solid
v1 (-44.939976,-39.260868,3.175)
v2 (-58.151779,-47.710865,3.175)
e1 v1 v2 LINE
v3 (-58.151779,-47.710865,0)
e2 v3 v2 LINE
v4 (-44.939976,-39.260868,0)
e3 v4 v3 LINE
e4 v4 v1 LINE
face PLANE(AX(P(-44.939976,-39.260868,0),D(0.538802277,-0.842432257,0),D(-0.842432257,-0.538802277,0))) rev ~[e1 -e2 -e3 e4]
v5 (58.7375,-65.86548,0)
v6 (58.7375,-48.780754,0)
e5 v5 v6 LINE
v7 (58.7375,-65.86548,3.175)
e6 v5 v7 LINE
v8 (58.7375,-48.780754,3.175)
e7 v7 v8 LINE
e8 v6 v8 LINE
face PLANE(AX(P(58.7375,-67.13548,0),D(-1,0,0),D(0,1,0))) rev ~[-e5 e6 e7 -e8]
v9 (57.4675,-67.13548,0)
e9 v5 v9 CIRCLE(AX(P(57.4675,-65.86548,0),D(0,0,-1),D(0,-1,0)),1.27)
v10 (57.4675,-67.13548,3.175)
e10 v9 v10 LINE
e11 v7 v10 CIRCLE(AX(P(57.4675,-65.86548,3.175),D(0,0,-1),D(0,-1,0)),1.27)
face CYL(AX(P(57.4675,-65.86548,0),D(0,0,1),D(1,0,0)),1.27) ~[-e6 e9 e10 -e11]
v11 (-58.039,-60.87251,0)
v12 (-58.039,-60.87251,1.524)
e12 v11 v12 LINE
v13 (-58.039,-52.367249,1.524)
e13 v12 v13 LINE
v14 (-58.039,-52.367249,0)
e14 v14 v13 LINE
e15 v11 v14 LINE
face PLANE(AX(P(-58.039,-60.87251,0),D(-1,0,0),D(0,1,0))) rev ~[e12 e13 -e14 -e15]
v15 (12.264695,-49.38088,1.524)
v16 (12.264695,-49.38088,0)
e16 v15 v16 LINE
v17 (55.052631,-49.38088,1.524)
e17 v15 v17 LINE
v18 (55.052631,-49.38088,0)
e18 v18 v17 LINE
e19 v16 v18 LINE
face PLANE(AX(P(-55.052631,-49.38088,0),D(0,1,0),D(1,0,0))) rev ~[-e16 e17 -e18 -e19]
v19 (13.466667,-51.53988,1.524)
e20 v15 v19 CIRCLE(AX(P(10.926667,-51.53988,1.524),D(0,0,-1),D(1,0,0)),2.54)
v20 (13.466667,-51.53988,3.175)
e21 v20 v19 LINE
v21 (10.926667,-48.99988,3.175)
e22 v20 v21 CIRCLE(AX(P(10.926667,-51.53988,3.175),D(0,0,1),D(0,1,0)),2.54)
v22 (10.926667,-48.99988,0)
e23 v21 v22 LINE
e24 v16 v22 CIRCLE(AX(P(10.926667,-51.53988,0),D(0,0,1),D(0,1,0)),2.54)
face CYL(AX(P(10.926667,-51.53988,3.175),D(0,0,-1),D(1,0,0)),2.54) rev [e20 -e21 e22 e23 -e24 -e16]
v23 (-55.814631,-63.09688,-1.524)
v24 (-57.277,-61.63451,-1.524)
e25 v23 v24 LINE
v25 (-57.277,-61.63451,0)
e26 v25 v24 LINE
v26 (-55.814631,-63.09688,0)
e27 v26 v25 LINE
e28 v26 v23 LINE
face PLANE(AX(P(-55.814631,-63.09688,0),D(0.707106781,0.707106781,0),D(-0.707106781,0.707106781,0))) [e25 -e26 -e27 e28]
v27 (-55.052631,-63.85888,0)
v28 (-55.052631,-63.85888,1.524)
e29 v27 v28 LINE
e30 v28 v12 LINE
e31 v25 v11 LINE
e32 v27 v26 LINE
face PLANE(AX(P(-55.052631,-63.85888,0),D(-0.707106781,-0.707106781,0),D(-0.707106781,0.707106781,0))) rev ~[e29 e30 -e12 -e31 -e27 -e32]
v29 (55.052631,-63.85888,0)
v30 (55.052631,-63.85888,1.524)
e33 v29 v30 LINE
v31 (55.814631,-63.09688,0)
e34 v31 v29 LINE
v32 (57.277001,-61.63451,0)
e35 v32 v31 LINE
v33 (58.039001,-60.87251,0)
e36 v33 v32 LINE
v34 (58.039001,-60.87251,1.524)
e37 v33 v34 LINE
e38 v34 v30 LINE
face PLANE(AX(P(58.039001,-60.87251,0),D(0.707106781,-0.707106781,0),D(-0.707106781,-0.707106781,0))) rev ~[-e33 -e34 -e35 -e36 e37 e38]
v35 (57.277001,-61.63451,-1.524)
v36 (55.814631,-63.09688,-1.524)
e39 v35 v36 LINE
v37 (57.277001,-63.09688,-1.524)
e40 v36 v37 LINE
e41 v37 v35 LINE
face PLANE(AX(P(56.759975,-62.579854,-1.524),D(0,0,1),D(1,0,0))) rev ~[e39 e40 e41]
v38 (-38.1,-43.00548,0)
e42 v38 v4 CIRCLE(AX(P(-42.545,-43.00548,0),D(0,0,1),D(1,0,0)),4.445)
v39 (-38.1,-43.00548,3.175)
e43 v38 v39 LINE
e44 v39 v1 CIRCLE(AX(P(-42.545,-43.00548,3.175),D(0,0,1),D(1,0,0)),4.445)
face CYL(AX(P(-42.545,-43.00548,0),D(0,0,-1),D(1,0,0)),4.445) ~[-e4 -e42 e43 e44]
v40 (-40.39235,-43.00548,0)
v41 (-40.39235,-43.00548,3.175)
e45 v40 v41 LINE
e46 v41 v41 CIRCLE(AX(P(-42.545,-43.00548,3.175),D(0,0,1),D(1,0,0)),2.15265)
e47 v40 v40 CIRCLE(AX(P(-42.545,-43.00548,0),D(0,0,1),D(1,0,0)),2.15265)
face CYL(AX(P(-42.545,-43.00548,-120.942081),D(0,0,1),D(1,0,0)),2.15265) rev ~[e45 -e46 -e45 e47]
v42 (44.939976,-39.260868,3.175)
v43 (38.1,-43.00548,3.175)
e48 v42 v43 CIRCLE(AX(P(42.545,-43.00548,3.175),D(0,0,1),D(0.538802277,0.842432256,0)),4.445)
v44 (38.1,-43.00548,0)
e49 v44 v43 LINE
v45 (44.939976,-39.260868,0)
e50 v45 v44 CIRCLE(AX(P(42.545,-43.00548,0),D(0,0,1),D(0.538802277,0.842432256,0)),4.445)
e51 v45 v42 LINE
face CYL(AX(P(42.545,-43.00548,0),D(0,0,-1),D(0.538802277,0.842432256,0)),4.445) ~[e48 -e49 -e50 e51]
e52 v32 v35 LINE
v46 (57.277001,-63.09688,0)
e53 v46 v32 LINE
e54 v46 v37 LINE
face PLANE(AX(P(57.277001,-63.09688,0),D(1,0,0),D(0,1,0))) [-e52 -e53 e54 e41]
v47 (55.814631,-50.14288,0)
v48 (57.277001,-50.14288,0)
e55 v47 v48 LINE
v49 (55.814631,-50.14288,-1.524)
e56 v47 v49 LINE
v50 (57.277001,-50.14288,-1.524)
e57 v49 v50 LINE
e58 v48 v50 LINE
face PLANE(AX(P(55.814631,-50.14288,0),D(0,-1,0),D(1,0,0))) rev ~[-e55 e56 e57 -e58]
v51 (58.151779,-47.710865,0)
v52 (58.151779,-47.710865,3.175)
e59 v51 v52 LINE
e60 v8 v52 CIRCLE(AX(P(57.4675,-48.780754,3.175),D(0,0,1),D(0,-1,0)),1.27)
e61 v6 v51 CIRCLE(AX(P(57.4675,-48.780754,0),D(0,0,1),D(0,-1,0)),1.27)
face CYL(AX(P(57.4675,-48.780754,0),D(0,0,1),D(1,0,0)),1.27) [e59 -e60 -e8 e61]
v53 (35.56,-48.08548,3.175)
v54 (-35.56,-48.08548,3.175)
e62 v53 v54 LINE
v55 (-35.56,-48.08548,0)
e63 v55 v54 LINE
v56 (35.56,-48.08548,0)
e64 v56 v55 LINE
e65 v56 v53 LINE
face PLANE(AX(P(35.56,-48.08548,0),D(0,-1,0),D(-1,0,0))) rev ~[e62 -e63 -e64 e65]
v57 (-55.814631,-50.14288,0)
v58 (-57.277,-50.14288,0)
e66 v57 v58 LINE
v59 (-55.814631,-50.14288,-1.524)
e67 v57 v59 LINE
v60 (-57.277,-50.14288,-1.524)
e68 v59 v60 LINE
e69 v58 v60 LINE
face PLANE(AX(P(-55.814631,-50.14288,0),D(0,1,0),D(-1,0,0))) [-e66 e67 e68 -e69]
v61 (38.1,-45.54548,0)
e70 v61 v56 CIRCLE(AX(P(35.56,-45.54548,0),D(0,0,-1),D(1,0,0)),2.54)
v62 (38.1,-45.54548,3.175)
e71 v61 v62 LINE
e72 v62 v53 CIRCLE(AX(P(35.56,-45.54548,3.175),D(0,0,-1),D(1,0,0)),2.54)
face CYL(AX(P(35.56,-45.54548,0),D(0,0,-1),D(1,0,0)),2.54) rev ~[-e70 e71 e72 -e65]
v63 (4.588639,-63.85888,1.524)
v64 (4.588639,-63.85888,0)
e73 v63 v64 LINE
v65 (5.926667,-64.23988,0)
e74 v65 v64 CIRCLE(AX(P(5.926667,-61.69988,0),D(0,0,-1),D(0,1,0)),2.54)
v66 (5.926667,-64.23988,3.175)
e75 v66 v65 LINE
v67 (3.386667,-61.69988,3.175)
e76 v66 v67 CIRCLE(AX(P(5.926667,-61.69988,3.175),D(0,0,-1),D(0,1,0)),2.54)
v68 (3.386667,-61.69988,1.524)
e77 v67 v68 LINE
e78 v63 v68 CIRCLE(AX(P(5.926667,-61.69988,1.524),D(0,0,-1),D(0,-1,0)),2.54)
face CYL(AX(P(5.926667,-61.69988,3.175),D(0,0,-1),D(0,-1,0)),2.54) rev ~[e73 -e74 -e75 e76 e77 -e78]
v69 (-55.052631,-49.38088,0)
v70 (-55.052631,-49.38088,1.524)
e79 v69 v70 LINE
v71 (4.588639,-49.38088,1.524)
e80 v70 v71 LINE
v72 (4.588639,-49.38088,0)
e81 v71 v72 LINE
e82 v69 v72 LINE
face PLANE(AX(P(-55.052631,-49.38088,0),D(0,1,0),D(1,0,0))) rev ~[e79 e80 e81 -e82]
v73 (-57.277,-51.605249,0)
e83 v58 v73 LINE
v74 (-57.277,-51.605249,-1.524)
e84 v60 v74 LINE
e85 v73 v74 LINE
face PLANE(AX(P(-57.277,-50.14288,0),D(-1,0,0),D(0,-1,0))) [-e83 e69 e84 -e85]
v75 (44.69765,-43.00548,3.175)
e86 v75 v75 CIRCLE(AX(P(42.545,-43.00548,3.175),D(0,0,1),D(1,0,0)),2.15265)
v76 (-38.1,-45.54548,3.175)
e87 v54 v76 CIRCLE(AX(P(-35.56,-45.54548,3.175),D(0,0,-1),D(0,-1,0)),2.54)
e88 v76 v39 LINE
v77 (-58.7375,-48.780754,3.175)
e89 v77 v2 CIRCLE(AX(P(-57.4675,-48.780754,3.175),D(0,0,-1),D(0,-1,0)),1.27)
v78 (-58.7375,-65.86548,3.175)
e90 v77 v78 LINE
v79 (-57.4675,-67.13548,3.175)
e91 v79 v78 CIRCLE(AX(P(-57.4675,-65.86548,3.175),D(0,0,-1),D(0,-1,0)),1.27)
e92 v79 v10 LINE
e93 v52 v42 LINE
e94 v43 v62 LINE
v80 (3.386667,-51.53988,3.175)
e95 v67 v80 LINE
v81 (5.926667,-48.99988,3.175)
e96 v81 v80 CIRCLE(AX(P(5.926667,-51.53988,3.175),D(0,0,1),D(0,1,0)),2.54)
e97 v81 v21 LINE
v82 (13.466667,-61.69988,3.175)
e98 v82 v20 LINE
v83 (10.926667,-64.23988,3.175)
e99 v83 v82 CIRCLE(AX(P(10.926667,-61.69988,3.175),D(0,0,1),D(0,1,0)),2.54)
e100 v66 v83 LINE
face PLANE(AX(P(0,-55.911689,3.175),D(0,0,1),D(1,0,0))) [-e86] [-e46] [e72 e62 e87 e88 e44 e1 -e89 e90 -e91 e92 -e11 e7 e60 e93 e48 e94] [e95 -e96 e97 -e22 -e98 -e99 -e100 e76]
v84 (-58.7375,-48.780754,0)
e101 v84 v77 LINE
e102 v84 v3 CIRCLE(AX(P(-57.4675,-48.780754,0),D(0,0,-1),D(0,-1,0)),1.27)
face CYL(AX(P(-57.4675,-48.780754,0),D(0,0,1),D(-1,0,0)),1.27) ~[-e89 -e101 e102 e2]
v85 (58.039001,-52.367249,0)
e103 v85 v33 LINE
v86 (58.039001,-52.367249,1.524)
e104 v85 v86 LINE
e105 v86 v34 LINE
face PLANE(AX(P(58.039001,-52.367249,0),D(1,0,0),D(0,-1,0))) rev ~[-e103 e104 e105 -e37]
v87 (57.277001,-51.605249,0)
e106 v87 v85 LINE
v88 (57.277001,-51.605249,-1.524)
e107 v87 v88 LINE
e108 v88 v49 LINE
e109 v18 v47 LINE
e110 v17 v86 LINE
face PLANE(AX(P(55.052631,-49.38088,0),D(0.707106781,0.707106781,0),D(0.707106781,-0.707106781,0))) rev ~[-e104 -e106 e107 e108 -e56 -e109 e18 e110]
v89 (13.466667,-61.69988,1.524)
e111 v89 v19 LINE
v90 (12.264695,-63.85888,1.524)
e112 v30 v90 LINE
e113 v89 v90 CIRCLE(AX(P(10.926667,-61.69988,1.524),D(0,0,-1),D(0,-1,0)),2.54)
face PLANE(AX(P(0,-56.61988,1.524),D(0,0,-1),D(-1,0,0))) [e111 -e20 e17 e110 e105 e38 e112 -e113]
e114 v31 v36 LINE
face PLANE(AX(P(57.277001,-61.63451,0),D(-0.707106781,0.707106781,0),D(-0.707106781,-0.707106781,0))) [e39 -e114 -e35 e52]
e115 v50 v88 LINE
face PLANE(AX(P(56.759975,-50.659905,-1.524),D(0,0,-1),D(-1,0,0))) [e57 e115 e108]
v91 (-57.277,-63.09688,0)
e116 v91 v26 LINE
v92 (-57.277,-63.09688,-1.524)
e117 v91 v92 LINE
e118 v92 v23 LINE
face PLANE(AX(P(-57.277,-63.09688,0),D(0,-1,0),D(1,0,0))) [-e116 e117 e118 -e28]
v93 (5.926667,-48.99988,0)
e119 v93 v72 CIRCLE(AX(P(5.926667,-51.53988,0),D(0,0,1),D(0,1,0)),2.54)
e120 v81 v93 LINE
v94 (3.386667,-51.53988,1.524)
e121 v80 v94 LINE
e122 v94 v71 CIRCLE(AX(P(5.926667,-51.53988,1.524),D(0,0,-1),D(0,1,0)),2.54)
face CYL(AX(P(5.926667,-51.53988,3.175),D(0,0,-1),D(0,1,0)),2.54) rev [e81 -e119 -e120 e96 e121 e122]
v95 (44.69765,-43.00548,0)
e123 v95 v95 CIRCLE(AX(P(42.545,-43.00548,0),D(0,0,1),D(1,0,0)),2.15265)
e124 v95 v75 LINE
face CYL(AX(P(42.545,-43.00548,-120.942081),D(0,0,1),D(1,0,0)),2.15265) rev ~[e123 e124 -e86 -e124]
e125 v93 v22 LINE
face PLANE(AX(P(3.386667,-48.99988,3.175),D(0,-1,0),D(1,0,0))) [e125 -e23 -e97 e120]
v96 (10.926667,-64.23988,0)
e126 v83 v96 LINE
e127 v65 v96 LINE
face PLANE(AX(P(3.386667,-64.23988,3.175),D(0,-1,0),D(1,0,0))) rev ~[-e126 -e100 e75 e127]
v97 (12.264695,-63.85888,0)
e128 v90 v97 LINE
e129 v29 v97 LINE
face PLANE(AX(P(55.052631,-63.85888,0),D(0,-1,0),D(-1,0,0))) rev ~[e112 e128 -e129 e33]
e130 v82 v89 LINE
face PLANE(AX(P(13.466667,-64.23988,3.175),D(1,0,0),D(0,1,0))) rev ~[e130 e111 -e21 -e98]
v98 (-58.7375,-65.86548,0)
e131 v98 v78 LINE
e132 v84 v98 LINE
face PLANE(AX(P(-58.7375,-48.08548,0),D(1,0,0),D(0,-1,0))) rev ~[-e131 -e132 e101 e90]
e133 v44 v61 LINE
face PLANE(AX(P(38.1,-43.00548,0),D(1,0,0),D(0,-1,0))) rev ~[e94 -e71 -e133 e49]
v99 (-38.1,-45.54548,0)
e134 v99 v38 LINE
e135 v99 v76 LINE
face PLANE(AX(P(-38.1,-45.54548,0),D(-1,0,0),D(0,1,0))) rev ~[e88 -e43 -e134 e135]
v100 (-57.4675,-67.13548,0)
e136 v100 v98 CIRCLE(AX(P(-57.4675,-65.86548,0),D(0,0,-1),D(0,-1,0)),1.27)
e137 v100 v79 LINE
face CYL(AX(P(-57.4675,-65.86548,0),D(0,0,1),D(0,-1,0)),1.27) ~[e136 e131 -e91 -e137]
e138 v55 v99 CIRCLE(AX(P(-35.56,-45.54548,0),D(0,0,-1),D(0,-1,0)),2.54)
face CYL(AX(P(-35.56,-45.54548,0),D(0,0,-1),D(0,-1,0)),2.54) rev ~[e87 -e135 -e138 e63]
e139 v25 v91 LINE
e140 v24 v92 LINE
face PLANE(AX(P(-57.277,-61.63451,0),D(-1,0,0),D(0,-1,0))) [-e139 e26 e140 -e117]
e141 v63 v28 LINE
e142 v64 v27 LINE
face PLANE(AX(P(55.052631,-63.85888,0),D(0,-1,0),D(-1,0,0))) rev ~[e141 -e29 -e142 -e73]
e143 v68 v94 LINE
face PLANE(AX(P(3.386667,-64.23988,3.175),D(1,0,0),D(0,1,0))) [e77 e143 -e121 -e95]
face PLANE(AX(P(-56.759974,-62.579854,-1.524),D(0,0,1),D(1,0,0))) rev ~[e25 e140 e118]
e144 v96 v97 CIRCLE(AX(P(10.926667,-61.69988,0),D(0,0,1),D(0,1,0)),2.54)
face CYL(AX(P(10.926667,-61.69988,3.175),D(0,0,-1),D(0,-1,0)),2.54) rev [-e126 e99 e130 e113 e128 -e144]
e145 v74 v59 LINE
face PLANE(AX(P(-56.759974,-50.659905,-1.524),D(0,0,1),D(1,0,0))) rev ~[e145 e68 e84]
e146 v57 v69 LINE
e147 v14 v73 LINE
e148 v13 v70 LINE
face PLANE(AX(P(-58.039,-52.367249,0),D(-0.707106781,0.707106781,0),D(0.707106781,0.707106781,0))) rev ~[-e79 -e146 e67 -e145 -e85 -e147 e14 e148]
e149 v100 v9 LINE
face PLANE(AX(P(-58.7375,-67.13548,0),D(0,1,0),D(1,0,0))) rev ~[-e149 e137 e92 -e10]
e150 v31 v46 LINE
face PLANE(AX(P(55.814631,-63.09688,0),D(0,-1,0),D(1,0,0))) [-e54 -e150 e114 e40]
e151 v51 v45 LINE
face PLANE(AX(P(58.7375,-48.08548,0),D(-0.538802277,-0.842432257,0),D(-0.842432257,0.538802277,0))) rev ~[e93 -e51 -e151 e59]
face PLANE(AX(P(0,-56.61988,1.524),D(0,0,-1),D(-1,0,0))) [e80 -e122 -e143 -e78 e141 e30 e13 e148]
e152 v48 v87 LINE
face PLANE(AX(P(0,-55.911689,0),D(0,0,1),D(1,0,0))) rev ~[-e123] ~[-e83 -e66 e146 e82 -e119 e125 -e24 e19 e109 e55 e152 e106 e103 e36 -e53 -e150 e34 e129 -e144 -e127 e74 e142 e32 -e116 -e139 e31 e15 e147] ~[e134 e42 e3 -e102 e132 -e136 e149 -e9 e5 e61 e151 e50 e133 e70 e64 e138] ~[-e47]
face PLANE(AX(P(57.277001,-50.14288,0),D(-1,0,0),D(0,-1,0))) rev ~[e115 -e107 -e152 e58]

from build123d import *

# Parameters (mm, degrees)
BOSS_EXTRUDE1_DEPTH   = 3.175
F_6_CLEARANCE_HOLE1_D = 4.3053
FILLET3_R             = 1.27
SKETCH4_W             = 10.08
SKETCH4_H             = 15.24
CUT_EXTRUDE1_DEPTH    = 4.175
FILLET4_R             = 2.54
CUT_EXTRUDE2_DEPTH    = 1.524
BOSS_EXTRUDE2_DEPTH   = 1.524


with BuildPart() as part:
    # Sketch1 → Boss-Extrude1 (new body)
    with BuildSketch(Plane.XY):
        with BuildLine():
            Line((58.7375, -67.1354797), (58.7375, -48.0854797))
            Line((58.7375, -48.0854797), (44.939976119, -39.26086832))
            ThreePointArc((44.939976119, -39.26086832), (40.410479427, -39.106525106), (38.1, -43.0054797))
            Line((38.1, -43.0054797), (38.1, -45.5454797))
            ThreePointArc((38.1, -45.5454797), (37.356051224, -47.341530924), (35.56, -48.0854797))
            Line((35.56, -48.0854797), (-35.56, -48.0854797))
            ThreePointArc((-35.56, -48.0854797), (-37.356051224, -47.341530924), (-38.1, -45.5454797))
            Line((-38.1, -45.5454797), (-38.1, -43.0054797))
            ThreePointArc((-38.1, -43.0054797), (-40.410479427, -39.106525106), (-44.939976119, -39.26086832))
            Line((-44.939976119, -39.26086832), (-58.7375, -48.0854797))
            Line((-58.7375, -48.0854797), (-58.7375, -67.1354797))
            Line((-58.7375, -67.1354797), (58.7375, -67.1354797))
        make_face()
    extrude(amount=BOSS_EXTRUDE1_DEPTH)

    # #6 Clearance Hole1 (through all)
    with Locations(Plane(origin=(0, 0, 0), x_dir=(-1, 0, 0), z_dir=(0, 0, -1))):
        with Locations((42.545, -43.0054797), (-42.545, -43.0054797)):
            Hole(F_6_CLEARANCE_HOLE1_D / 2)

    # Fillet3
    fillet3_edges = [part.edges().sort_by_distance(p)[0] for p in [
        (-58.7375, -67.1354797, 1.5875),
        (-58.7375, -48.0854797, 1.5875),
        (58.7375, -48.0854797, 1.5875),
        (58.7375, -67.1354797, 1.5875),
    ]]
    fillet(fillet3_edges, radius=FILLET3_R)

    # Sketch4 → Cut-Extrude1 (cut, through all)
    with BuildSketch(Plane.XY.offset(3.175)):
        with Locations((8.426666963, -56.6198797)):
            Rectangle(SKETCH4_W, SKETCH4_H)
    extrude(amount=-CUT_EXTRUDE1_DEPTH, mode=Mode.SUBTRACT)

    # Fillet4
    fillet4_edges = [part.edges().sort_by_distance(p)[0] for p in [
        (3.386666963, -64.2398797, 1.5875),
        (3.386666963, -48.9998797, 1.5875),
        (13.466666963, -48.9998797, 1.5875),
        (13.466666963, -64.2398797, 1.5875),
    ]]
    fillet(fillet4_edges, radius=FILLET4_R)

    # Sketch7 → Cut-Extrude2 (cut)
    with BuildSketch(Plane(origin=(0, 0, 0), x_dir=(-1, 0, 0), z_dir=(0, 0, -1))):
        Polygon((58.039, -60.872510434), (58.039, -52.367248965), (55.052630735, -49.3808797), (-55.052631243, -49.3808797), (-58.039000508, -52.367248965), (-58.039000508, -60.872510434), (-55.052631243, -63.8588797), (55.052630735, -63.8588797), align=None)
    extrude(amount=-CUT_EXTRUDE2_DEPTH, mode=Mode.SUBTRACT)

    # Sketch5 → Boss-Extrude2 (add)
    with BuildSketch(Plane(origin=(0, 0, 0), x_dir=(-1, 0, 0), z_dir=(0, 0, -1))):
        Polygon((-55.814631243, -50.1428797), (-57.277000508, -50.1428797), (-57.277000508, -51.605248965), align=None)
        Polygon((-55.814631243, -63.0968797), (-57.277000508, -63.0968797), (-57.277000508, -61.634510434), align=None)
        Polygon((57.277, -61.634510434), (57.277, -63.0968797), (55.814630735, -63.0968797), align=None)
        Polygon((55.814630735, -50.1428797), (57.277, -50.1428797), (57.277, -51.605248965), align=None)
    extrude(amount=BOSS_EXTRUDE2_DEPTH)


solid = part.part
